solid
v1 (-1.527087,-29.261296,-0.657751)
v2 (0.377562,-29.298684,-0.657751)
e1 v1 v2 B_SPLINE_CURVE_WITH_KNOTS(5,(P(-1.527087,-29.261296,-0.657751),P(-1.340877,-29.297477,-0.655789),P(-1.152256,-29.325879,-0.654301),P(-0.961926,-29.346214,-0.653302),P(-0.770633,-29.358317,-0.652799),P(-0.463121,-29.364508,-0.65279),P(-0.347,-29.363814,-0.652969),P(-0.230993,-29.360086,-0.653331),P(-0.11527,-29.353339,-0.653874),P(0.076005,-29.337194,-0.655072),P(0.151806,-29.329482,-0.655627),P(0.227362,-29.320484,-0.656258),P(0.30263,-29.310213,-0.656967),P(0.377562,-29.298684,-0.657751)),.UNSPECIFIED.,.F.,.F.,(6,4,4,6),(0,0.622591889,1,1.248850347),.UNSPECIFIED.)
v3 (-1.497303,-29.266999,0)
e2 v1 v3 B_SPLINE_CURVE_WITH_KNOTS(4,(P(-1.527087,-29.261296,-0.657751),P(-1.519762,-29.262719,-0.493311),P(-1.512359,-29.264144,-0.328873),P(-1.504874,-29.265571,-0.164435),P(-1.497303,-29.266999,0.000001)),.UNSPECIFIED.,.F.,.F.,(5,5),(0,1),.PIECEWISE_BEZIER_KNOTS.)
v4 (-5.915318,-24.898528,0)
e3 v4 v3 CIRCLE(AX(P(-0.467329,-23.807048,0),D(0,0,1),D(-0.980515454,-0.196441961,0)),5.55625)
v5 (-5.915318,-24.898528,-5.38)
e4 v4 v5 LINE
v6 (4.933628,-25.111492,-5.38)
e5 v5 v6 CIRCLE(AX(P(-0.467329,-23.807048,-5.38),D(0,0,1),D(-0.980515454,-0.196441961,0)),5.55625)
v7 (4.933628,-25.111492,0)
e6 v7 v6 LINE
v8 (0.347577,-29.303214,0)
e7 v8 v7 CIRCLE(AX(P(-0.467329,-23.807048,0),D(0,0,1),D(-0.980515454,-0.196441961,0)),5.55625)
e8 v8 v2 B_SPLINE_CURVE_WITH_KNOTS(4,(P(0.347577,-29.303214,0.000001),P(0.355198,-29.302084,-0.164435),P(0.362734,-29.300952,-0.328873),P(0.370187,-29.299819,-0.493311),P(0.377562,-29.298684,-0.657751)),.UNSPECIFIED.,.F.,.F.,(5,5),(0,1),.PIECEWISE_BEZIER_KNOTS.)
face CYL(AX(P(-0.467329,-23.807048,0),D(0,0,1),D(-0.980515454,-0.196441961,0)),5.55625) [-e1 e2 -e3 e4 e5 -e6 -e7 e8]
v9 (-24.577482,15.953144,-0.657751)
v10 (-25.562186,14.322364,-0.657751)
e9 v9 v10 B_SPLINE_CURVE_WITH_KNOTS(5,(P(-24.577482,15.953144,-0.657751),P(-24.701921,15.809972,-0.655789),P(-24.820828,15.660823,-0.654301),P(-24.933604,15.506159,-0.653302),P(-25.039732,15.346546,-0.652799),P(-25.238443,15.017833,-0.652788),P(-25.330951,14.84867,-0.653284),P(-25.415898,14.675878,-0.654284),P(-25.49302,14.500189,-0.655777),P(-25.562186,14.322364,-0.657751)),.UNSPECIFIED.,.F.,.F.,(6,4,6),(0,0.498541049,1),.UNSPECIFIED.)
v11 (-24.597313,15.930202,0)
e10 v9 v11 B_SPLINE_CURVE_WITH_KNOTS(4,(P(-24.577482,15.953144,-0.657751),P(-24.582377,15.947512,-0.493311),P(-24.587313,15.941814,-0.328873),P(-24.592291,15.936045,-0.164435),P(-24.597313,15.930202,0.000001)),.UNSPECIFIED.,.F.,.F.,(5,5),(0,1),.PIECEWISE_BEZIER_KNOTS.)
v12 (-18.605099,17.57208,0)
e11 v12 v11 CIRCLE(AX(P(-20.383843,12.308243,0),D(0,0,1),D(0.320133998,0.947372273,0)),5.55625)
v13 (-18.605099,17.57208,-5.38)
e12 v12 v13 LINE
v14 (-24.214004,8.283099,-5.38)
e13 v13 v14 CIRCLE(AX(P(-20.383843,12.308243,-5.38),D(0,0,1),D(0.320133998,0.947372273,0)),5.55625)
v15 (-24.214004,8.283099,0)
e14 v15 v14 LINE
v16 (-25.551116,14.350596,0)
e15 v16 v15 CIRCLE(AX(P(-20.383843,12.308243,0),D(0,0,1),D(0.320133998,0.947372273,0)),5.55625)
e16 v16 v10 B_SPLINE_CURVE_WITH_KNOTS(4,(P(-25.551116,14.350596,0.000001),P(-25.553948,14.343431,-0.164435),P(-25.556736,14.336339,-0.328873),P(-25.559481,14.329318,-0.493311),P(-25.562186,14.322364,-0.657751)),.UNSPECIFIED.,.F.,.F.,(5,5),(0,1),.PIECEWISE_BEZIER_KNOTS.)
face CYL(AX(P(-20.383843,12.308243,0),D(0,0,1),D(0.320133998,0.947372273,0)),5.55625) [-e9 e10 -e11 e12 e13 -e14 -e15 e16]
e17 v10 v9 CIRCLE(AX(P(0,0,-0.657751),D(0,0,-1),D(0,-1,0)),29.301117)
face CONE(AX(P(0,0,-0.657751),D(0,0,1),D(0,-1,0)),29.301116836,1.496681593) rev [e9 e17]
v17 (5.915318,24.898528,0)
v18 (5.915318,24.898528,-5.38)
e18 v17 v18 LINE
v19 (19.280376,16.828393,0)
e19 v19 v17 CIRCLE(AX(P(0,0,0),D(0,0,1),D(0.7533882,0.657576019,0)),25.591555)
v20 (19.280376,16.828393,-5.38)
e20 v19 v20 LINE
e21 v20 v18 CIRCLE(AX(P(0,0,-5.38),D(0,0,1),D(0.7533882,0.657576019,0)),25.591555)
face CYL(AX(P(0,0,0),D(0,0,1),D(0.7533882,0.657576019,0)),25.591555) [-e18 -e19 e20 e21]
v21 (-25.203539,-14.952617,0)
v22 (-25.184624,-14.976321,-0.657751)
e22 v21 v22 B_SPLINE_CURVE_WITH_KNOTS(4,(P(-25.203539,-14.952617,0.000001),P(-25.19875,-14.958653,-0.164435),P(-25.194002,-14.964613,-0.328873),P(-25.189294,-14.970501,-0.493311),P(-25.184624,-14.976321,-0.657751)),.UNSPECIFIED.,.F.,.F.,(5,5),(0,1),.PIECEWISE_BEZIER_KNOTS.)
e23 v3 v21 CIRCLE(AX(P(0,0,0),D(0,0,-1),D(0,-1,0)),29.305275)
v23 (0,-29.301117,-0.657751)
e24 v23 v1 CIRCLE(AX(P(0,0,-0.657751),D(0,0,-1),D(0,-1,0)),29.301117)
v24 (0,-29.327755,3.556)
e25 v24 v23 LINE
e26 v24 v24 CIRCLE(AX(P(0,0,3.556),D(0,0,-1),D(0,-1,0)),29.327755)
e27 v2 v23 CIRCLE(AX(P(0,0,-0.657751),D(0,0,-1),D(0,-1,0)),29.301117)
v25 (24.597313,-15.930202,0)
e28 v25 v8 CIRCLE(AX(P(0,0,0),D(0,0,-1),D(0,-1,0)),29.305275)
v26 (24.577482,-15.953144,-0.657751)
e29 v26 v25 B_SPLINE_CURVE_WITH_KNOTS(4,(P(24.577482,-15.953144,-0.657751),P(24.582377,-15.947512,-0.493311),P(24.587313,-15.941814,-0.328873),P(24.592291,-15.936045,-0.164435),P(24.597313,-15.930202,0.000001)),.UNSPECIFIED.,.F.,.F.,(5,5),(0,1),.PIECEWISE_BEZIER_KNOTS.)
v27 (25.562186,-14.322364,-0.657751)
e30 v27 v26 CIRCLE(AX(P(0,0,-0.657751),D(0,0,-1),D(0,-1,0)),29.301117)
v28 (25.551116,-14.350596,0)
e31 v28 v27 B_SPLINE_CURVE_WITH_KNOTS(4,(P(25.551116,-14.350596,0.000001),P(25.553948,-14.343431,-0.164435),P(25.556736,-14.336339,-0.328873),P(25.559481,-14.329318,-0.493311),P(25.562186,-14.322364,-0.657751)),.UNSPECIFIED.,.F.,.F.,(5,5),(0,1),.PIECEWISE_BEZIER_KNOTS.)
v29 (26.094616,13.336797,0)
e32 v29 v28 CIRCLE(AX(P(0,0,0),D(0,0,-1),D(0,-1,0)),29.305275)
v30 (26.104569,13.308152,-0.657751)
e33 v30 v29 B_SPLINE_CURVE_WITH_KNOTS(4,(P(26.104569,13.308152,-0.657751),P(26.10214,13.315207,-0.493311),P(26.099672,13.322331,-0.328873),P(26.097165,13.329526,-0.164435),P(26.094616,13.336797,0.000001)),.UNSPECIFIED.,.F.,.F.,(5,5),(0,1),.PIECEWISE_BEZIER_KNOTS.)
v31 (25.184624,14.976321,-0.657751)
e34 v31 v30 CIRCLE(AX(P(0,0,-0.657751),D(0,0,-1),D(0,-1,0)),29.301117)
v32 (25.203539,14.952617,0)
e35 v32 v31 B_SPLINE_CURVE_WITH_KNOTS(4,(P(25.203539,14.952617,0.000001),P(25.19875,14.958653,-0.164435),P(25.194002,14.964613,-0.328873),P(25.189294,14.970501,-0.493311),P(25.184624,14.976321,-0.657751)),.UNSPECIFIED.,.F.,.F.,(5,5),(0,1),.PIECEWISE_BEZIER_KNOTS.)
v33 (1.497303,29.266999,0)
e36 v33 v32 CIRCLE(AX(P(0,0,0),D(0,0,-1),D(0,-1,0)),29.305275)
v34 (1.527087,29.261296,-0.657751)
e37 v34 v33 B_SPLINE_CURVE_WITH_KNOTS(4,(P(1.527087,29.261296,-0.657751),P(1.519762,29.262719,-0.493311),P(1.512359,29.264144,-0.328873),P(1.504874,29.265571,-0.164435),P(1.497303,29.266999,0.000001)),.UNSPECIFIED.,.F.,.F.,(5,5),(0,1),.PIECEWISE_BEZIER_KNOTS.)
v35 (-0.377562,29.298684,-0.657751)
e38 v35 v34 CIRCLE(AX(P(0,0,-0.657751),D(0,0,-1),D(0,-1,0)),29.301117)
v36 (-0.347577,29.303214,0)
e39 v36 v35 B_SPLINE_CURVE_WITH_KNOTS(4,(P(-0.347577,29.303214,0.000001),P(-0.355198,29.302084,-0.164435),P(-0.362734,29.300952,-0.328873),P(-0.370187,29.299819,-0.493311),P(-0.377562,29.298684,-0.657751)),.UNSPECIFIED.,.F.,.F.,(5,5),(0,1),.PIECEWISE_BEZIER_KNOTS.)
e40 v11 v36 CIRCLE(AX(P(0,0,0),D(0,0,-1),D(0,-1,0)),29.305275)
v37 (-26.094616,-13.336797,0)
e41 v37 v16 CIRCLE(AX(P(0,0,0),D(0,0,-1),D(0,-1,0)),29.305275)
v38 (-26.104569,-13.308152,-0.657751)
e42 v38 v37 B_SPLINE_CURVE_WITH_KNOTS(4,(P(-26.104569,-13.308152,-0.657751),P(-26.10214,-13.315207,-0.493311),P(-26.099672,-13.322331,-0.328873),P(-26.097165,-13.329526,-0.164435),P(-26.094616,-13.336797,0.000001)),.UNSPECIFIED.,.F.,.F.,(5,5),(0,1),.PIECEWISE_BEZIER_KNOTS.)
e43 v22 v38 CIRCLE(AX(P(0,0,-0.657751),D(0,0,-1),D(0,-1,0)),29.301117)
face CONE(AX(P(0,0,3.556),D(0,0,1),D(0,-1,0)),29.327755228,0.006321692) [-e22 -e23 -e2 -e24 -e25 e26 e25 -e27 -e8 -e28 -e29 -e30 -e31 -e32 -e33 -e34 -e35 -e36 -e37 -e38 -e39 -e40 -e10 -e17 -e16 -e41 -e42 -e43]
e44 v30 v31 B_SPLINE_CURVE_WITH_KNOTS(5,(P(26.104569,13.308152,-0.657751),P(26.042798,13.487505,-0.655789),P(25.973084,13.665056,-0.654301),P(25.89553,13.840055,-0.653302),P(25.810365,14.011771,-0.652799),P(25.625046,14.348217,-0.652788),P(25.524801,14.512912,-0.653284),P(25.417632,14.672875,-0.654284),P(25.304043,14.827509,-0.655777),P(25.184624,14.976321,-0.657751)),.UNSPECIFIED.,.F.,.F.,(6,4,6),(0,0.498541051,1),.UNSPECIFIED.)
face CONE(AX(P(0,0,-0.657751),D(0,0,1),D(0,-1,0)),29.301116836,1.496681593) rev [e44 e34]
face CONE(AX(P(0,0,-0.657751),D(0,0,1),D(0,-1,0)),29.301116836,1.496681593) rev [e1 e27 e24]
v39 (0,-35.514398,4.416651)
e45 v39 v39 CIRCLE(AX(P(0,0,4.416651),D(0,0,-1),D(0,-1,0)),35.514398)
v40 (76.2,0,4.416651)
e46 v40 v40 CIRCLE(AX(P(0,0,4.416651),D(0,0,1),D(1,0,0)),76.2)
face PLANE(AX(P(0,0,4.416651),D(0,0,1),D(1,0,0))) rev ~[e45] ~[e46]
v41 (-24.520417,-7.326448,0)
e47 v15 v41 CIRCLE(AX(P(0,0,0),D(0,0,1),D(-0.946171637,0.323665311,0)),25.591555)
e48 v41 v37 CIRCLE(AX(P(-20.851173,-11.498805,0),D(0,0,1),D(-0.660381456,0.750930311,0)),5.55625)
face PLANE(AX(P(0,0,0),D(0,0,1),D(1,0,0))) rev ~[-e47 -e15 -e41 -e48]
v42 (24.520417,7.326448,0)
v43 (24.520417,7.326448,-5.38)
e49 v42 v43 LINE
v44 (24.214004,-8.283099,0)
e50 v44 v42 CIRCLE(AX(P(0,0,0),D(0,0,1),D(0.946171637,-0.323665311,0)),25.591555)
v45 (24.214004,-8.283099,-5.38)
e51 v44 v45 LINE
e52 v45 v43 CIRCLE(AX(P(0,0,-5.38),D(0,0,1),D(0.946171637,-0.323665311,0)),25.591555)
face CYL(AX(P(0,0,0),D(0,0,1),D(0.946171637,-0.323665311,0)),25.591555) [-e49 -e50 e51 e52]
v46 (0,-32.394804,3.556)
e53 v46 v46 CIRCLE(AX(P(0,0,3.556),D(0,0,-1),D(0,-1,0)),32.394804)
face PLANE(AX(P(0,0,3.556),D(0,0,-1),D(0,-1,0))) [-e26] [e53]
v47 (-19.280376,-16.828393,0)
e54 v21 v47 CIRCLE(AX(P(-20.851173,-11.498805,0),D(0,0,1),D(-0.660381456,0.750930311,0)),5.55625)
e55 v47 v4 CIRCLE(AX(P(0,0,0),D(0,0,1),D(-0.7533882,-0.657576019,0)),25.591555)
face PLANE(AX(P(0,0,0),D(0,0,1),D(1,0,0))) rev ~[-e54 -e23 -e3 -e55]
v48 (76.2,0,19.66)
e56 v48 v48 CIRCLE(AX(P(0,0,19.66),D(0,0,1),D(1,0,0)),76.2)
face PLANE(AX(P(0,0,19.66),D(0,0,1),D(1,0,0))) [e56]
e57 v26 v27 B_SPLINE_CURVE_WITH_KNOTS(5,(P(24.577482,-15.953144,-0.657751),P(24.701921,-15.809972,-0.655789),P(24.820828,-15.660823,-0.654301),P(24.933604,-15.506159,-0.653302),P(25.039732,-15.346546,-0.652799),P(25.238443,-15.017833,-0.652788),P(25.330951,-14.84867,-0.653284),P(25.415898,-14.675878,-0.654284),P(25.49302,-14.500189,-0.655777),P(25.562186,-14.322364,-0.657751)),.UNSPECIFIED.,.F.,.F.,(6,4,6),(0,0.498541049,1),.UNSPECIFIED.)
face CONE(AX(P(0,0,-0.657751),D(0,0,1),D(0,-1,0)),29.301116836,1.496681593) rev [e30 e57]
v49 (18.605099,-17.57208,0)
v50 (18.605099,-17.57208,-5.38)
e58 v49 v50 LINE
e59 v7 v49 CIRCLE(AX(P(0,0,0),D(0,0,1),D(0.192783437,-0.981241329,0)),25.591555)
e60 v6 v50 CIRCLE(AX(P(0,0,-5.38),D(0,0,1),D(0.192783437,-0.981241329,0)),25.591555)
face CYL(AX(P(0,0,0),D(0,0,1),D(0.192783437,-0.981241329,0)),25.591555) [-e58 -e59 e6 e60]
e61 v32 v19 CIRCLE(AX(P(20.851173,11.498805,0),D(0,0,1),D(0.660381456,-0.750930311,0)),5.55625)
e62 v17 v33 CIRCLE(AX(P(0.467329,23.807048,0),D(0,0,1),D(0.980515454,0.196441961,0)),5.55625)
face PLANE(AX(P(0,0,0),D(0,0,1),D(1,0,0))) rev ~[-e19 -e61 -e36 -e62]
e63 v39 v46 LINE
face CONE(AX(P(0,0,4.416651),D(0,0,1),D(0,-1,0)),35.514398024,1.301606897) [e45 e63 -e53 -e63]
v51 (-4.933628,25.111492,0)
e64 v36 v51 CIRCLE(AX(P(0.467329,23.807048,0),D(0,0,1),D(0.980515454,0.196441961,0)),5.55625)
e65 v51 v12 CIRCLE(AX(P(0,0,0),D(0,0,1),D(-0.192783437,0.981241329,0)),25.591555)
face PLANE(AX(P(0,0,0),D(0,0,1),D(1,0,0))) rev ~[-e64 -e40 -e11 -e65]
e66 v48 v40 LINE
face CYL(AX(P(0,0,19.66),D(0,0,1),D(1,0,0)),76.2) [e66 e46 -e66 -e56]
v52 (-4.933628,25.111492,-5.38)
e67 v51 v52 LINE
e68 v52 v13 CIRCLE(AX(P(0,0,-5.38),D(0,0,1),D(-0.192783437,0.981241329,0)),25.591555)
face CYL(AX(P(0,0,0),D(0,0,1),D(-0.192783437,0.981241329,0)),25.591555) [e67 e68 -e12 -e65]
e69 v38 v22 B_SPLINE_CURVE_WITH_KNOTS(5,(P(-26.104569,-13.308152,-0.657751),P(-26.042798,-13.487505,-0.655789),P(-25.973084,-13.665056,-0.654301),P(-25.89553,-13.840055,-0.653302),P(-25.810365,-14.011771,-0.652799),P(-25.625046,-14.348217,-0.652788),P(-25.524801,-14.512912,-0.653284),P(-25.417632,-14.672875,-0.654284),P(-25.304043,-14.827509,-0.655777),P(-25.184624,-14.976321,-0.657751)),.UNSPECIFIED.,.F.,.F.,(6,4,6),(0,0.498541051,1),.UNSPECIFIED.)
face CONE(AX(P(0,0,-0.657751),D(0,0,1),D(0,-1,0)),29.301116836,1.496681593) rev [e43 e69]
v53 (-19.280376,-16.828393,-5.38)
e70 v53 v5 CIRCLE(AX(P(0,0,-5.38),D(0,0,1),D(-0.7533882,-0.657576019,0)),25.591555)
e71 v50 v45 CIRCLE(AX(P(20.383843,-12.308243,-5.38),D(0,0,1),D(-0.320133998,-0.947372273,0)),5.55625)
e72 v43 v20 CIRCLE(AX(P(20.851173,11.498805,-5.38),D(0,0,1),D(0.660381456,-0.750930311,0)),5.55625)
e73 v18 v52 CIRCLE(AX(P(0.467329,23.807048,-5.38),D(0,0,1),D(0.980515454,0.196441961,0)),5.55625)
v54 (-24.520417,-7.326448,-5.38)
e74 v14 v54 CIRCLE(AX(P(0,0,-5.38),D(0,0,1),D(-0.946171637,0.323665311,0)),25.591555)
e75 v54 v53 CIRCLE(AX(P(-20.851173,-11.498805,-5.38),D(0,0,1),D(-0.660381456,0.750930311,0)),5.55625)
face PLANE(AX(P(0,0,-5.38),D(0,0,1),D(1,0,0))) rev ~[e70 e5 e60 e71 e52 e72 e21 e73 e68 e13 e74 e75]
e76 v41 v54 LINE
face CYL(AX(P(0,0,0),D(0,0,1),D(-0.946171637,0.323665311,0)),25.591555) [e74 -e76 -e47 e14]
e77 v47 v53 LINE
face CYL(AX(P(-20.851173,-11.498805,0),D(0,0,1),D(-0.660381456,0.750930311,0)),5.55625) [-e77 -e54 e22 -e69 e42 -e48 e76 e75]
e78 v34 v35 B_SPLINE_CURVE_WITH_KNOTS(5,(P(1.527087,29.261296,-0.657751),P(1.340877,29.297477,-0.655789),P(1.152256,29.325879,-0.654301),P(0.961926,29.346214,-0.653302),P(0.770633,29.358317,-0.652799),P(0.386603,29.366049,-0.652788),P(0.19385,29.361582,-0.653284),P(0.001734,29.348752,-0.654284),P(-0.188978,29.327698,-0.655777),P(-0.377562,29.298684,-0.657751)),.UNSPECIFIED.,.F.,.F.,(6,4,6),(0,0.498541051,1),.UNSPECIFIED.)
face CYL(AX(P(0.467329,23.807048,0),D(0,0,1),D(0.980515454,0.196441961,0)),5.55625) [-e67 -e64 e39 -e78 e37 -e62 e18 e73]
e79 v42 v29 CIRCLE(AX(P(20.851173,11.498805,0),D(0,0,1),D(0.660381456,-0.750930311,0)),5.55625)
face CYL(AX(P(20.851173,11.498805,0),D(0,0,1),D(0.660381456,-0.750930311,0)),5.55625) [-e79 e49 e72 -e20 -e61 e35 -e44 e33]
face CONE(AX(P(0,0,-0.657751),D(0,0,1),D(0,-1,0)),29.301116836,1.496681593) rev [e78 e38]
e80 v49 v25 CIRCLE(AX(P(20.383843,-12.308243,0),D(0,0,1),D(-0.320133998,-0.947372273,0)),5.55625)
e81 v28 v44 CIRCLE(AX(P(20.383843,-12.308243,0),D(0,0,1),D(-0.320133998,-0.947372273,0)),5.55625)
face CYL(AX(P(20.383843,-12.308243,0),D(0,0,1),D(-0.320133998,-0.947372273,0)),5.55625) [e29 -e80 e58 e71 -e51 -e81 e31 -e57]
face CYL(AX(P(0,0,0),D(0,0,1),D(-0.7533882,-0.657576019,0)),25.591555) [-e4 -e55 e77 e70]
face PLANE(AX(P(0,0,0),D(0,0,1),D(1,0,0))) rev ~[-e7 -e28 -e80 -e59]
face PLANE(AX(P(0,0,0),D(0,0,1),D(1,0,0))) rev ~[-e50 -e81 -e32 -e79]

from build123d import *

# Parameters (mm, degrees)
SKETCH1_R           = 40.564550707
BOSS_EXTRUDE1_DEPTH = 10
BOSS_EXTRUDE2_DEPTH = 5.38
SKETCH5_R           = 76.2
BOSS_EXTRUDE3_DEPTH = 5.583348686
BOSS_EXTRUDE4_START = 9.66
SKETCH5_2_R         = 76.2
BOSS_EXTRUDE4_DEPTH = 9.66


with BuildPart() as part:
    # Sketch1 → Boss-Extrude1 (new body)
    with BuildSketch(Plane.XY):
        Circle(SKETCH1_R)
    extrude(amount=BOSS_EXTRUDE1_DEPTH)

    # Sketch2 → Boss-Extrude2 (add)
    with BuildSketch(Plane(origin=(0, 0, 0), x_dir=(-1, 0, 0), z_dir=(0, 0, -1))):
        with BuildLine():
            ThreePointArc((18.605098838, 17.572080057), (25.140246466, 15.180270653), (24.214003726, 8.283098686))
            ThreePointArc((24.214003726, 8.283098686), (25.586626057, 0.502262214), (24.520417146, -7.326448205))
            ThreePointArc((24.520417146, -7.326448205), (25.716623254, -14.181956771), (19.280375747, -16.828393011))
            ThreePointArc((19.280375747, -16.828393011), (13.228284865, -21.907537055), (5.915318308, -24.898528262))
            ThreePointArc((5.915318308, -24.898528262), (0.576376788, -29.362227423), (-4.933627979, -25.111491697))
            ThreePointArc((-4.933627979, -25.111491697), (-12.358341192, -22.409799269), (-18.605098838, -17.572080057))
            ThreePointArc((-18.605098838, -17.572080057), (-25.140246466, -15.180270653), (-24.214003726, -8.283098686))
            ThreePointArc((-24.214003726, -8.283098686), (-25.586626057, -0.502262214), (-24.520417146, 7.326448205))
            ThreePointArc((-24.520417146, 7.326448205), (-25.716623254, 14.181956771), (-19.280375747, 16.828393011))
            ThreePointArc((-19.280375747, 16.828393011), (-13.228284865, 21.907537055), (-5.915318308, 24.898528262))
            ThreePointArc((-5.915318308, 24.898528262), (-0.576376788, 29.362227423), (4.933627979, 25.111491697))
            ThreePointArc((4.933627979, 25.111491697), (12.358341192, 22.409799269), (18.605098838, 17.572080057))
        make_face()
    extrude(amount=BOSS_EXTRUDE2_DEPTH)

    # Sketch4 → Cut-Revolve2 (revolve, cut)
    with BuildSketch(Plane(origin=(0, 0, 0), x_dir=(0, 0, -1), z_dir=(0.9998069773781536, -0.01964708594067849, 0)), mode=Mode.PRIVATE) as cut_revolve2_sk:
        Polygon((0.153479633, 36.092584483), (0.153479633, 40.603125703), (-4.416651314, 40.603125703), (-4.416651314, 35.514398024), (-3.556, 32.394803966), (-3.556, 29.327755228), (0.657751111, 29.301116836), align=None)
    revolve(cut_revolve2_sk.sketch.rotate(Axis((0, 0, 95.775716375), (0, 0, -1)), 178.874232462), axis=Axis((0, 0, 95.775716375), (0, 0, -1)), mode=Mode.SUBTRACT)

    # Sketch5 → Boss-Extrude3 (add)
    with BuildSketch(Plane.XY.offset(10)):
        Circle(SKETCH5_R)
    extrude(amount=-BOSS_EXTRUDE3_DEPTH)

    # Sketch5<2> → Boss-Extrude4 (add)
    with BuildSketch(Plane.XY.offset(10).offset(BOSS_EXTRUDE4_START)):
        Circle(SKETCH5_2_R)
    extrude(amount=-BOSS_EXTRUDE4_DEPTH)


solid = part.part
